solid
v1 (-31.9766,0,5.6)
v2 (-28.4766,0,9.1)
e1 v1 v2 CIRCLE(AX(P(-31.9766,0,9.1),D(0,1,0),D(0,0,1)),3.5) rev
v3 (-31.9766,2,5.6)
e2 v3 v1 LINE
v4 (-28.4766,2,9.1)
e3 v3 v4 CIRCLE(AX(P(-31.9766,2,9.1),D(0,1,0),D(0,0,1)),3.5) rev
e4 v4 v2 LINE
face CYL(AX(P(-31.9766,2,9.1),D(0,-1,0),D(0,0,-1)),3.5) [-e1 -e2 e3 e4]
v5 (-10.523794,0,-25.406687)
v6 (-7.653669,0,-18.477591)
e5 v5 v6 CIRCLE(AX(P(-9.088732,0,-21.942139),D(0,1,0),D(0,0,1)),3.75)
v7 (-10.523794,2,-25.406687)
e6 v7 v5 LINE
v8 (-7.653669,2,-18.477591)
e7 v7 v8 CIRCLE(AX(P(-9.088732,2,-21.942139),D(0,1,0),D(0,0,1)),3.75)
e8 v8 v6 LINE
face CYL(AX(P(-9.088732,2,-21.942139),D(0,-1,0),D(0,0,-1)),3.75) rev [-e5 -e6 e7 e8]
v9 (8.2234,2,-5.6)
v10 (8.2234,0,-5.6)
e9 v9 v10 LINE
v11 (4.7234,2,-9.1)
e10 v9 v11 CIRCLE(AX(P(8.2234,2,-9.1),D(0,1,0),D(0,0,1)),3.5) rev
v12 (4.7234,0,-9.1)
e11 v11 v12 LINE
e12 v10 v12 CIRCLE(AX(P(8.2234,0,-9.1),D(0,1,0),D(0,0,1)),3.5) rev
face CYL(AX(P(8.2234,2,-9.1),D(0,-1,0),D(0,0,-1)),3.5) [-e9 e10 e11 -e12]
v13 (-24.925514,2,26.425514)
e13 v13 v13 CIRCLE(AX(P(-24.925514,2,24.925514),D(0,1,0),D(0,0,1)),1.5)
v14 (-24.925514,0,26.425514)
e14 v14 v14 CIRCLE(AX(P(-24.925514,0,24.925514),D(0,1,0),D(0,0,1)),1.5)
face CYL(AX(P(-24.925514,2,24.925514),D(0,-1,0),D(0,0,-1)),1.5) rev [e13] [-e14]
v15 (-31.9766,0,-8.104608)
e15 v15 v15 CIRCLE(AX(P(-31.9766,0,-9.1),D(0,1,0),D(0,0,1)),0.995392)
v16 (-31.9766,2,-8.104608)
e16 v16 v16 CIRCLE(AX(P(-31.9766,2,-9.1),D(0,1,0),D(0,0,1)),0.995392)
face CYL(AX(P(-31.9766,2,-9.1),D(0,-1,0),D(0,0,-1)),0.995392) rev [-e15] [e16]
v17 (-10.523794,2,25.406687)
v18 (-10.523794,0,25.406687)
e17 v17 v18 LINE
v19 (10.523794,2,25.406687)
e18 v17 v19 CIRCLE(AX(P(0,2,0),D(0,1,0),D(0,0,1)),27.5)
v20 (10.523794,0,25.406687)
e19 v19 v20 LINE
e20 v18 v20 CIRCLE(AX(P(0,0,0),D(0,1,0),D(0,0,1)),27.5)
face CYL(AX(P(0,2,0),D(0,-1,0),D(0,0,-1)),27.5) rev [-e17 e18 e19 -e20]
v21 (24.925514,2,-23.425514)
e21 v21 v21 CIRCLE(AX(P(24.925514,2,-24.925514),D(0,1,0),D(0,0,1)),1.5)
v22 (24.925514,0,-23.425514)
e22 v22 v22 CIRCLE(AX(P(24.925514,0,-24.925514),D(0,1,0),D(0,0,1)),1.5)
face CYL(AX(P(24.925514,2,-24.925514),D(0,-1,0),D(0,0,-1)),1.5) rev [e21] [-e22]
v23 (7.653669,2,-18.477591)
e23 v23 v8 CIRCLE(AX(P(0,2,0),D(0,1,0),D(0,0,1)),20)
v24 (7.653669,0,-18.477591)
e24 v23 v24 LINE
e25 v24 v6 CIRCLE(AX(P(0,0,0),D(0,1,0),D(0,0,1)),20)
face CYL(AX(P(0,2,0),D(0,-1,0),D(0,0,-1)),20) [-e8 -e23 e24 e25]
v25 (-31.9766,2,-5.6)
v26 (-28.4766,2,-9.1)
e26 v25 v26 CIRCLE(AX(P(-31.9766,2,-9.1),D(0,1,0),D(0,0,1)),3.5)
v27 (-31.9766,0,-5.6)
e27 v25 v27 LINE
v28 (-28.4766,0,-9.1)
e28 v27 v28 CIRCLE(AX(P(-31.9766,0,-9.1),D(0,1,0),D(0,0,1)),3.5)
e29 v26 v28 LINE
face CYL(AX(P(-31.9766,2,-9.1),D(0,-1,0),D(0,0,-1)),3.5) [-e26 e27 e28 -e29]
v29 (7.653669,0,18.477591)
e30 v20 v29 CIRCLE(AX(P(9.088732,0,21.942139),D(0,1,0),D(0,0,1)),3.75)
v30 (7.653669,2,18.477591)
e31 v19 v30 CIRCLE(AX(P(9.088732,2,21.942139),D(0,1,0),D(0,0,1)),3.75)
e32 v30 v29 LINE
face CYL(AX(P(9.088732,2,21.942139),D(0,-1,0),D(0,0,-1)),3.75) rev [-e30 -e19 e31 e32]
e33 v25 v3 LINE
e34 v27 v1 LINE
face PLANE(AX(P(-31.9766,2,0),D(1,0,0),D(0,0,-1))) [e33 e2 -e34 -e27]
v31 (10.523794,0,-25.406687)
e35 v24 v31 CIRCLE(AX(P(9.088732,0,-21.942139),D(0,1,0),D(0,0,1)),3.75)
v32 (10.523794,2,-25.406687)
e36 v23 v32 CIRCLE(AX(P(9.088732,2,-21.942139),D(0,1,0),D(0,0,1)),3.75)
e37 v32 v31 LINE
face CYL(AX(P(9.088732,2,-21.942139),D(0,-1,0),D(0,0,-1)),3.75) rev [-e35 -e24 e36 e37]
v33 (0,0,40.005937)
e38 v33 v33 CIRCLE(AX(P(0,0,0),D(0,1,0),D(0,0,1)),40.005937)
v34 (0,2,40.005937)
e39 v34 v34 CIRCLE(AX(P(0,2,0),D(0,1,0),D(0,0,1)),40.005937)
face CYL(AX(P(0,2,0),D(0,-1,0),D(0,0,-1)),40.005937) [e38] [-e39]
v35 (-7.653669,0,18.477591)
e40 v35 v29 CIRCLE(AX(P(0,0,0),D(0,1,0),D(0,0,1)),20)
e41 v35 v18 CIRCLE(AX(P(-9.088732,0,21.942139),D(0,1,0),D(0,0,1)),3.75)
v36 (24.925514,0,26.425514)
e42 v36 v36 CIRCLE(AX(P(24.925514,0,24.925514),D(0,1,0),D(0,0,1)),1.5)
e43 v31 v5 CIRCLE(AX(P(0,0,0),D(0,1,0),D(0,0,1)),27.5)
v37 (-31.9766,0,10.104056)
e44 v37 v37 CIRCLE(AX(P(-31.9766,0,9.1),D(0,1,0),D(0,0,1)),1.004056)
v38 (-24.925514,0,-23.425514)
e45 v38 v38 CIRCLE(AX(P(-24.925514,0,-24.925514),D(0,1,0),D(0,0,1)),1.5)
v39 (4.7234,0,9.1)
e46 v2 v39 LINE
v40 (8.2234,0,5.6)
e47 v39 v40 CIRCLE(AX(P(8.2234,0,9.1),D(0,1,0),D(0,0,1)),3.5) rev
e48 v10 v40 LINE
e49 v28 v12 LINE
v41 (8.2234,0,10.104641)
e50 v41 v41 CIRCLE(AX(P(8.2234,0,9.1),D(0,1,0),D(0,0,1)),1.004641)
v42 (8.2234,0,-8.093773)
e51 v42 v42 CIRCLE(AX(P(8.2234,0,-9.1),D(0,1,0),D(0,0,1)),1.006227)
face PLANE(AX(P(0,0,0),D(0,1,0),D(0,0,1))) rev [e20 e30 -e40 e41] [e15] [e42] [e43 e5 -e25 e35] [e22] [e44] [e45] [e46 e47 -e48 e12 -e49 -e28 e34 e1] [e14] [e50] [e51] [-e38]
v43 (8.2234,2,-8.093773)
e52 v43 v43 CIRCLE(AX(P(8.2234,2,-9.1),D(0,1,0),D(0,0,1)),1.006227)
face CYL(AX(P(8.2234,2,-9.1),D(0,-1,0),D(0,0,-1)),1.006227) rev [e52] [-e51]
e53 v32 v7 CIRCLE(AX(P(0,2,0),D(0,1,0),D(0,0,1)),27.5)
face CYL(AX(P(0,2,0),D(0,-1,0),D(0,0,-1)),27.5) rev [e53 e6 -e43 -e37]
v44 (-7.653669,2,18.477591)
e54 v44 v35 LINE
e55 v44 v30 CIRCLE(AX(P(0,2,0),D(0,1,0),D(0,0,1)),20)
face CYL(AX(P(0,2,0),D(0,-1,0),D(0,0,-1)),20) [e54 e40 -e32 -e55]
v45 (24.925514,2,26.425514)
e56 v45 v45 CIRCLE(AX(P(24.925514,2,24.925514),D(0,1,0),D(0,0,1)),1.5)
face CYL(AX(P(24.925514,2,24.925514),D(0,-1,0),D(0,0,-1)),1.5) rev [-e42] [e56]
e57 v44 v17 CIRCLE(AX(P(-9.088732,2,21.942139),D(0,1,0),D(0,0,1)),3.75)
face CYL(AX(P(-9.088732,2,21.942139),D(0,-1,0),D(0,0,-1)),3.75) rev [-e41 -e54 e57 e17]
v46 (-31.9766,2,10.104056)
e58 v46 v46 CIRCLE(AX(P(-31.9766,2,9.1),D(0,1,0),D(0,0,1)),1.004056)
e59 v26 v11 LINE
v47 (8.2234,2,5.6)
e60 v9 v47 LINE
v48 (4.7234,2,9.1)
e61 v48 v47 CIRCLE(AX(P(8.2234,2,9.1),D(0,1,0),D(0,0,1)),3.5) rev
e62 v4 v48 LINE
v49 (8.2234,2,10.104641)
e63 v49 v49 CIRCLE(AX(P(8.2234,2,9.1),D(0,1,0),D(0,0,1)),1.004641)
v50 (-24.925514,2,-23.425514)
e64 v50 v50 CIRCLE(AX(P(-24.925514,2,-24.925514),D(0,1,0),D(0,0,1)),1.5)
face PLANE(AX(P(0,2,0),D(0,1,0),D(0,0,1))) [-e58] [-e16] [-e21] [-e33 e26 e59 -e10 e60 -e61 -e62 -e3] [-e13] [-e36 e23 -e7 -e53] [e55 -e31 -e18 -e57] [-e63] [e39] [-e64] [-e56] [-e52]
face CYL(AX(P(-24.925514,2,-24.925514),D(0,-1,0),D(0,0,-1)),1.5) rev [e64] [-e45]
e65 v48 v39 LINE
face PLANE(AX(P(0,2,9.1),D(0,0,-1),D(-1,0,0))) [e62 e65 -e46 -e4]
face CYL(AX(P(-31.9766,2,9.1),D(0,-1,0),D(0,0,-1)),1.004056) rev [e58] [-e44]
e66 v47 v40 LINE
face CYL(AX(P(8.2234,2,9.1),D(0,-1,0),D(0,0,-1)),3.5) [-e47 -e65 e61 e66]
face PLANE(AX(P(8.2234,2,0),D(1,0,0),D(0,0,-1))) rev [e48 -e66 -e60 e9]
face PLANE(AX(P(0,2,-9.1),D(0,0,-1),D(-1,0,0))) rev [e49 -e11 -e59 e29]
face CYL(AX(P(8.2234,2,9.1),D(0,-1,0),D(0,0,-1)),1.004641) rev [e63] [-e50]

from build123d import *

# Parameters (mm, degrees)
CROQUIS2_R              = 40.005937341
CROQUIS2_R_2            = 0.995391995
CROQUIS2_R_3            = 1.004055524
CROQUIS2_R_4            = 1.00622676
CROQUIS2_R_5            = 1.004640813
CROQUIS2_R_6            = 1.5
SALIENTE_EXTRUIR1_DEPTH = 2


with BuildPart() as part:
    # Croquis2 → Saliente-Extruir1 (new body)
    with BuildSketch(Plane(origin=(0, 0, 0), x_dir=(1, 0, 0), z_dir=(0, 1, 0))):
        with Locations(Location((0, 0, 0), (0, 0, 270))):
            Circle(CROQUIS2_R)
        with Locations(Location((-31.9766, 9.1, 0), (0, 0, 270))):
            Circle(CROQUIS2_R_2, mode=Mode.SUBTRACT)
        with Locations(Location((-31.9766, -9.1, 0), (0, 0, 270))):
            Circle(CROQUIS2_R_3, mode=Mode.SUBTRACT)
        with Locations(Location((8.2234, 9.1, 0), (0, 0, 270))):
            Circle(CROQUIS2_R_4, mode=Mode.SUBTRACT)
        with Locations(Location((8.2234, -9.1, 0), (0, 0, 270))):
            Circle(CROQUIS2_R_5, mode=Mode.SUBTRACT)
        with Locations(Location((-24.925514037, 24.925514037, 0), (0, 0, 270))):
            Circle(CROQUIS2_R_6, mode=Mode.SUBTRACT)
        with Locations(Location((24.925514037, 24.925514037, 0), (0, 0, 270))):
            Circle(CROQUIS2_R_6, mode=Mode.SUBTRACT)
        with Locations(Location((24.925514037, -24.925514037, 0), (0, 0, 270))):
            Circle(CROQUIS2_R_6, mode=Mode.SUBTRACT)
        with Locations(Location((-24.925514037, -24.925514037, 0), (0, 0, 270))):
            Circle(CROQUIS2_R_6, mode=Mode.SUBTRACT)
        with BuildLine():
            Line((-28.4766, -9.1), (4.7234, -9.1))
            ThreePointArc((4.7234, -9.1), (5.748526266, -6.625126266), (8.2234, -5.6))
            Line((8.2234, -5.6), (8.2234, 5.6))
            ThreePointArc((8.2234, 5.6), (5.748526266, 6.625126266), (4.7234, 9.1))
            Line((4.7234, 9.1), (-28.4766, 9.1))
            ThreePointArc((-28.4766, 9.1), (-29.501726266, 6.625126266), (-31.9766, 5.6))
            Line((-31.9766, 5.6), (-31.9766, -5.6))
            ThreePointArc((-31.9766, -5.6), (-29.501726266, -6.625126266), (-28.4766, -9.1))
        make_face(mode=Mode.SUBTRACT)
        with BuildLine():
            ThreePointArc((-7.653668647, -18.47759065), (0, -20), (7.653668647, -18.47759065))
            ThreePointArc((7.653668647, -18.47759065), (12.553279766, -20.507076026), (10.52379439, -25.406687144))
            ThreePointArc((10.52379439, -25.406687144), (0, -27.5), (-10.52379439, -25.406687144))
            ThreePointArc((-10.52379439, -25.406687144), (-12.553279766, -20.507076026), (-7.653668647, -18.47759065))
        make_face(mode=Mode.SUBTRACT)
        with BuildLine():
            ThreePointArc((-10.52379439, 25.406687144), (-12.553279766, 20.507076026), (-7.653668647, 18.47759065))
            ThreePointArc((-7.653668647, 18.47759065), (0, 20), (7.653668647, 18.47759065))
            ThreePointArc((7.653668647, 18.47759065), (12.553279766, 20.507076026), (10.52379439, 25.406687144))
            ThreePointArc((10.52379439, 25.406687144), (0, 27.5), (-10.52379439, 25.406687144))
        make_face(mode=Mode.SUBTRACT)
    extrude(amount=SALIENTE_EXTRUIR1_DEPTH)


solid = part.part
